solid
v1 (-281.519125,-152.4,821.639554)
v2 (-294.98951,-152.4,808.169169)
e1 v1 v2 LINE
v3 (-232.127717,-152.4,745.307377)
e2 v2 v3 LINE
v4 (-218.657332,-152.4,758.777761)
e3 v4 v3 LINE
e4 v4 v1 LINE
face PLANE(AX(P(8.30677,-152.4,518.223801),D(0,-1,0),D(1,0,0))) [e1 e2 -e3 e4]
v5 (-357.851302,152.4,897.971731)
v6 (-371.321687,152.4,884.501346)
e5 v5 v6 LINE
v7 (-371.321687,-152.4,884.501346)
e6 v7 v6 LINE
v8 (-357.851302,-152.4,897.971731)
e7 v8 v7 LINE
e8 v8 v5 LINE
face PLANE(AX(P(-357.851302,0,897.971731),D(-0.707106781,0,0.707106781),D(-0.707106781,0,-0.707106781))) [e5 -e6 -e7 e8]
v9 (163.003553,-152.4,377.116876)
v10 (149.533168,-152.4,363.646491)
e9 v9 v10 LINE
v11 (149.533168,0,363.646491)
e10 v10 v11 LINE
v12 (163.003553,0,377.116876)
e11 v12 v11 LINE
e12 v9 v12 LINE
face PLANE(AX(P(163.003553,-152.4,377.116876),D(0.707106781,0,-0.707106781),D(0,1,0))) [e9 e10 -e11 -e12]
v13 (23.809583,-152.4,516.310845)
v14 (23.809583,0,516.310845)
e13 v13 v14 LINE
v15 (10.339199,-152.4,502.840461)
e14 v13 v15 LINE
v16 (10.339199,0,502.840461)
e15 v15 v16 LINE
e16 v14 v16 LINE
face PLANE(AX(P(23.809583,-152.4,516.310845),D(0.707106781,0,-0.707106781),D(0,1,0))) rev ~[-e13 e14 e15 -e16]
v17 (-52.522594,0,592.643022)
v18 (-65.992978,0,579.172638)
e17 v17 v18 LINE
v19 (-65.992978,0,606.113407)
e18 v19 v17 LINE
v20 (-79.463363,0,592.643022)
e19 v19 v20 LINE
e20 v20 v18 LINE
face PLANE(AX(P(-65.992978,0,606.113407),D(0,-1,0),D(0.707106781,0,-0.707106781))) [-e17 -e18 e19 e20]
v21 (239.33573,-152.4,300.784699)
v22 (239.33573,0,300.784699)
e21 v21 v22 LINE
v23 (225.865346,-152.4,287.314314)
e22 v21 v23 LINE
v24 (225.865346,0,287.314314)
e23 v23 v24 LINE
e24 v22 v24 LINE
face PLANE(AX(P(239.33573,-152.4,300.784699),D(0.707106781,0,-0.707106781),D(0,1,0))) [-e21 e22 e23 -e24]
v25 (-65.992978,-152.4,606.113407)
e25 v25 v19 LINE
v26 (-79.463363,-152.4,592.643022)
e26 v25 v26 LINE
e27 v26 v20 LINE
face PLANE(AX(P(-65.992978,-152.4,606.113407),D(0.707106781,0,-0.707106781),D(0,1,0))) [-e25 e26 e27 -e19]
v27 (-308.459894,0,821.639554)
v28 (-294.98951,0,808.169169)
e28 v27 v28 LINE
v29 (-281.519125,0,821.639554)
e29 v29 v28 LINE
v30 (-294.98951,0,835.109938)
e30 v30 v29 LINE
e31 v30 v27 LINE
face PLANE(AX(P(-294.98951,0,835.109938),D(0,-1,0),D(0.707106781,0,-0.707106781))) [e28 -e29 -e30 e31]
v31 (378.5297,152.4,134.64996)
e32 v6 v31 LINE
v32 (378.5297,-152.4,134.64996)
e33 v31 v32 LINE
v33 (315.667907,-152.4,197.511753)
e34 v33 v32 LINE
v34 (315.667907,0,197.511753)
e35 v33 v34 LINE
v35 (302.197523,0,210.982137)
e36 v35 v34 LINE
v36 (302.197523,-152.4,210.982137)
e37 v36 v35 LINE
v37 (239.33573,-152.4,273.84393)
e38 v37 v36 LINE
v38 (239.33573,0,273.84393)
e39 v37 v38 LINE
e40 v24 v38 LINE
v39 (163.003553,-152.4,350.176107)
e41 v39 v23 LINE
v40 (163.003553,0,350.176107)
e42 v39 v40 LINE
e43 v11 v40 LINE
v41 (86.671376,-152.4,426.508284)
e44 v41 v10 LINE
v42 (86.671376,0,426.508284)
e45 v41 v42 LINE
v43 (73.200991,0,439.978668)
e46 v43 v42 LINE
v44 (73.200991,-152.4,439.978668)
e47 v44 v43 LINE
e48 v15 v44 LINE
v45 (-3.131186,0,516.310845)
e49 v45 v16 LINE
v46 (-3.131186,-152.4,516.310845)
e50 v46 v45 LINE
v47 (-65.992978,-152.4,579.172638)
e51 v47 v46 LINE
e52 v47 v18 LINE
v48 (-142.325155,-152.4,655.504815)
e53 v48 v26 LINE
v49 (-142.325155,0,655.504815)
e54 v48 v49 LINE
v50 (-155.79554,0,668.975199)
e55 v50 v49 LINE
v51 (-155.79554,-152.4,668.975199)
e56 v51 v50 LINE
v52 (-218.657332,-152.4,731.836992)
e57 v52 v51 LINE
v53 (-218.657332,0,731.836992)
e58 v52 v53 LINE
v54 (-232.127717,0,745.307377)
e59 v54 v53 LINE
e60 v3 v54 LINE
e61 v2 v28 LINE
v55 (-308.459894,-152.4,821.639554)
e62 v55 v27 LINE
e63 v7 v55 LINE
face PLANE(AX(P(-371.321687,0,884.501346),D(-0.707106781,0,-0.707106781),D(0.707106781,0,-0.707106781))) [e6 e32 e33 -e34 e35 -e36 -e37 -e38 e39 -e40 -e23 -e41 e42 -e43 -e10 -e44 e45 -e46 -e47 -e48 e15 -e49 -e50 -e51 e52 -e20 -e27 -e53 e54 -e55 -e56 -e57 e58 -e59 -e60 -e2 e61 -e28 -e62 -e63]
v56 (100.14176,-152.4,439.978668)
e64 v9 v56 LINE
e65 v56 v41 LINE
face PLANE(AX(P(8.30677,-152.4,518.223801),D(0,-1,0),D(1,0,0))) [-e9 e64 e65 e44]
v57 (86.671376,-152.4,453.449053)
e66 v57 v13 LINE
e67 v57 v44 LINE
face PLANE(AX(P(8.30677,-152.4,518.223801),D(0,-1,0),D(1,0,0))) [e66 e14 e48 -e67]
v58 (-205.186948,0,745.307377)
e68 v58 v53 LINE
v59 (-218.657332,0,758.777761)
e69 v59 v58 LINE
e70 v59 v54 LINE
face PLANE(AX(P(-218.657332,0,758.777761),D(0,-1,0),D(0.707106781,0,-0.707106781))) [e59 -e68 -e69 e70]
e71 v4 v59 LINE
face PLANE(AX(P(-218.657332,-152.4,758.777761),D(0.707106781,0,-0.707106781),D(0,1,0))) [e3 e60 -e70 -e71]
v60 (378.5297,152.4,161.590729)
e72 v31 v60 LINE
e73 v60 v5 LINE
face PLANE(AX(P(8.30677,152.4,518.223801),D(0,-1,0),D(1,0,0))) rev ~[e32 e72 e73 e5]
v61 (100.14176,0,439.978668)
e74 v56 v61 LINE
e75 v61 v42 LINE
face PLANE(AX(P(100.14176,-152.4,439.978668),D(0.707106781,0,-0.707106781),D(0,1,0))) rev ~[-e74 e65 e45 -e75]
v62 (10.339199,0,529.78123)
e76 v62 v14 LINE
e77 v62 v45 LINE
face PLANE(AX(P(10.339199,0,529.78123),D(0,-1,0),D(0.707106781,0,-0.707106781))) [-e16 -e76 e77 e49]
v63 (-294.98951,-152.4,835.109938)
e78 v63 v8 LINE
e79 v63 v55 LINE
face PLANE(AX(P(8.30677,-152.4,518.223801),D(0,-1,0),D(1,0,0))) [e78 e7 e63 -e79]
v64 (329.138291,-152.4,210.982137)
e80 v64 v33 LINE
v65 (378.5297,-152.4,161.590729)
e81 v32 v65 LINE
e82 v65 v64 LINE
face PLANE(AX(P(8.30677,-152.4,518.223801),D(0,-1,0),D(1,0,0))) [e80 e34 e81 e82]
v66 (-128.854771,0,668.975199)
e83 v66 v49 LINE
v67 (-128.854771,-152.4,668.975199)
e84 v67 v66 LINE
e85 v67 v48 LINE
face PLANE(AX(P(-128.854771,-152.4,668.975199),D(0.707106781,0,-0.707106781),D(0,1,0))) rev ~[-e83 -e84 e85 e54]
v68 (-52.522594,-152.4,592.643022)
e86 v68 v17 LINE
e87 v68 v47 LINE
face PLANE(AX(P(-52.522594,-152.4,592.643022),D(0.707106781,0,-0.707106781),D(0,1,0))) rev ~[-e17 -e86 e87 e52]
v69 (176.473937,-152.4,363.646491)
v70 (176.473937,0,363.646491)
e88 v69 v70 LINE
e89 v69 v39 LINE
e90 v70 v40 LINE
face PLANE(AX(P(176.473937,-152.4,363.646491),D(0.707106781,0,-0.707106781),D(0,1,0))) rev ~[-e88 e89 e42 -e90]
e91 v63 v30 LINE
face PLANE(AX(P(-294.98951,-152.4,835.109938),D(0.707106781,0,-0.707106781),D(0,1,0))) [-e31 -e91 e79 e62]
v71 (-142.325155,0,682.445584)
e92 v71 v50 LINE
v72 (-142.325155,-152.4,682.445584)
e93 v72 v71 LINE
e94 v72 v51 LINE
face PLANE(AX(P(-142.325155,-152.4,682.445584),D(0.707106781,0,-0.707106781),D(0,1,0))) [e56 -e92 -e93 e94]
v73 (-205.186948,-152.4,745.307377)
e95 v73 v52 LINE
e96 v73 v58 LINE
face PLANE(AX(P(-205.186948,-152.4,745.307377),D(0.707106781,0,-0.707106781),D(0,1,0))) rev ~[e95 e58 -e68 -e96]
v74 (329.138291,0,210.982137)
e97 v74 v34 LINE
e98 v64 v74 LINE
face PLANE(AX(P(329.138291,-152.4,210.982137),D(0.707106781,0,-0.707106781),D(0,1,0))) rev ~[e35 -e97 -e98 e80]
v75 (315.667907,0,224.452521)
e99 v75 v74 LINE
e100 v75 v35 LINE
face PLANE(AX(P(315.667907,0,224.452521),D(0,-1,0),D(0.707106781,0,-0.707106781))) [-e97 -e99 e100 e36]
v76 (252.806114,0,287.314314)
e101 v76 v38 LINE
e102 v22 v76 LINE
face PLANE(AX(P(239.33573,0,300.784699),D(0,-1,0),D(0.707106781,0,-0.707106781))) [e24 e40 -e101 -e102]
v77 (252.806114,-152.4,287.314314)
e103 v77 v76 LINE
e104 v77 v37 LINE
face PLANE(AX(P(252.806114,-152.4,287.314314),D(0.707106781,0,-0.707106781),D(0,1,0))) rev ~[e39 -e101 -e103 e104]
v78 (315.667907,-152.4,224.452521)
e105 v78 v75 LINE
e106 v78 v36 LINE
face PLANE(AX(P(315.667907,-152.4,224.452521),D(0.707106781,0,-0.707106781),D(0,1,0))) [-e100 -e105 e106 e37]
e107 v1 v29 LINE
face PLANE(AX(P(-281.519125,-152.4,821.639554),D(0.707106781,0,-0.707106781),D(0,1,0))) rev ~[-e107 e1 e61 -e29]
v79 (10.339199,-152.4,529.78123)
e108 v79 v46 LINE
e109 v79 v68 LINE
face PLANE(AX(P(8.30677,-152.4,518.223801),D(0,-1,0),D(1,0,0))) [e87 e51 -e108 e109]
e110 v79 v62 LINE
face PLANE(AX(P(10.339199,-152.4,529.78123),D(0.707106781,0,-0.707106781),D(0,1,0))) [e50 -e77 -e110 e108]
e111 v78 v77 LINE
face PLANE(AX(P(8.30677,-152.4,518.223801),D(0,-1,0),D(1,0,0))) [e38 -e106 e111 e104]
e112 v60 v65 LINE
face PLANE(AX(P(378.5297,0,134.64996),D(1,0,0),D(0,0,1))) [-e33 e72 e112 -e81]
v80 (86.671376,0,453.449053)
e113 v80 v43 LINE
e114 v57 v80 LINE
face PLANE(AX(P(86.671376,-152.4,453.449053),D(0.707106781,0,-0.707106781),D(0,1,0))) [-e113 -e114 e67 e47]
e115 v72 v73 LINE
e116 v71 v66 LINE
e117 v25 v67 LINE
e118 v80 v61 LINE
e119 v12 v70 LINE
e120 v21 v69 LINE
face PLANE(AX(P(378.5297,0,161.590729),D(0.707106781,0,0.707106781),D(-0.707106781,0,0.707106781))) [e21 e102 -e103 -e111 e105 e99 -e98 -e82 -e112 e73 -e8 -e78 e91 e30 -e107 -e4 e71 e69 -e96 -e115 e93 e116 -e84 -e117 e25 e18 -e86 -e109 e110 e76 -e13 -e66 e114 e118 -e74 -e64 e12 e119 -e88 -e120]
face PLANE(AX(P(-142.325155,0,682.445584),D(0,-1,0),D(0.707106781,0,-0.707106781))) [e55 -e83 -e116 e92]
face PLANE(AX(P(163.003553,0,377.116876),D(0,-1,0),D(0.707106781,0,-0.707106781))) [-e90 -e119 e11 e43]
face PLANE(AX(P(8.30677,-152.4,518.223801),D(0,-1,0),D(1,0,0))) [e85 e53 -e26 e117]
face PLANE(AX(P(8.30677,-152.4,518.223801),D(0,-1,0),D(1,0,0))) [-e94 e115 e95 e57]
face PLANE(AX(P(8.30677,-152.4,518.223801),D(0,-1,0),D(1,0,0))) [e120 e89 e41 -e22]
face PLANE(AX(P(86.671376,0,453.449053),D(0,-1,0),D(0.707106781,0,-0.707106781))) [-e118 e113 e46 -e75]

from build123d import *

# Parameters (mm, degrees)
F1_DEPTH = 152.4
F2_W     = 19.05
F2_H     = 152.4
F3_DEPTH = 19.05


with BuildPart() as f1:
    # F0 (on Front) → F1 (new body, symmetric)
    with BuildSketch(Plane.XZ):
        Polygon((-371.3216865451, 884.5013463886), (378.5296995641, 134.6499602793), (378.5296995641, 161.5907286425), (-357.8513023635, 897.9717305702), align=None)
    extrude(amount=F1_DEPTH, both=True)

    # F2 (on face) → F3 (cut)
    with BuildSketch(Plane(origin=(270.0602141033, 0, 270.0602141033), x_dir=(0.7071067812, 0, -0.7071067812), z_dir=(0.7071067812, 0, 0.7071067812))):
        with Locations((74.0240174423, -76.2)):
            Rectangle(F2_W, F2_H)
        with Locations((-33.9259825577, -76.2)):
            Rectangle(F2_W, F2_H)
        with Locations((-141.8759825577, -76.2)):
            Rectangle(F2_W, F2_H)
        with Locations((-249.8259825577, -76.2)):
            Rectangle(F2_W, F2_H)
        with Locations((-357.7759825577, -76.2)):
            Rectangle(F2_W, F2_H)
        with Locations((-465.7259825577, -76.2)):
            Rectangle(F2_W, F2_H)
        with Locations((-573.6759825577, -76.2)):
            Rectangle(F2_W, F2_H)
        with Locations((-681.6259825577, -76.2)):
            Rectangle(F2_W, F2_H)
        with Locations((-789.5759825577, -76.2)):
            Rectangle(F2_W, F2_H)
    extrude(amount=-F3_DEPTH, mode=Mode.SUBTRACT)


solid = f1.part
